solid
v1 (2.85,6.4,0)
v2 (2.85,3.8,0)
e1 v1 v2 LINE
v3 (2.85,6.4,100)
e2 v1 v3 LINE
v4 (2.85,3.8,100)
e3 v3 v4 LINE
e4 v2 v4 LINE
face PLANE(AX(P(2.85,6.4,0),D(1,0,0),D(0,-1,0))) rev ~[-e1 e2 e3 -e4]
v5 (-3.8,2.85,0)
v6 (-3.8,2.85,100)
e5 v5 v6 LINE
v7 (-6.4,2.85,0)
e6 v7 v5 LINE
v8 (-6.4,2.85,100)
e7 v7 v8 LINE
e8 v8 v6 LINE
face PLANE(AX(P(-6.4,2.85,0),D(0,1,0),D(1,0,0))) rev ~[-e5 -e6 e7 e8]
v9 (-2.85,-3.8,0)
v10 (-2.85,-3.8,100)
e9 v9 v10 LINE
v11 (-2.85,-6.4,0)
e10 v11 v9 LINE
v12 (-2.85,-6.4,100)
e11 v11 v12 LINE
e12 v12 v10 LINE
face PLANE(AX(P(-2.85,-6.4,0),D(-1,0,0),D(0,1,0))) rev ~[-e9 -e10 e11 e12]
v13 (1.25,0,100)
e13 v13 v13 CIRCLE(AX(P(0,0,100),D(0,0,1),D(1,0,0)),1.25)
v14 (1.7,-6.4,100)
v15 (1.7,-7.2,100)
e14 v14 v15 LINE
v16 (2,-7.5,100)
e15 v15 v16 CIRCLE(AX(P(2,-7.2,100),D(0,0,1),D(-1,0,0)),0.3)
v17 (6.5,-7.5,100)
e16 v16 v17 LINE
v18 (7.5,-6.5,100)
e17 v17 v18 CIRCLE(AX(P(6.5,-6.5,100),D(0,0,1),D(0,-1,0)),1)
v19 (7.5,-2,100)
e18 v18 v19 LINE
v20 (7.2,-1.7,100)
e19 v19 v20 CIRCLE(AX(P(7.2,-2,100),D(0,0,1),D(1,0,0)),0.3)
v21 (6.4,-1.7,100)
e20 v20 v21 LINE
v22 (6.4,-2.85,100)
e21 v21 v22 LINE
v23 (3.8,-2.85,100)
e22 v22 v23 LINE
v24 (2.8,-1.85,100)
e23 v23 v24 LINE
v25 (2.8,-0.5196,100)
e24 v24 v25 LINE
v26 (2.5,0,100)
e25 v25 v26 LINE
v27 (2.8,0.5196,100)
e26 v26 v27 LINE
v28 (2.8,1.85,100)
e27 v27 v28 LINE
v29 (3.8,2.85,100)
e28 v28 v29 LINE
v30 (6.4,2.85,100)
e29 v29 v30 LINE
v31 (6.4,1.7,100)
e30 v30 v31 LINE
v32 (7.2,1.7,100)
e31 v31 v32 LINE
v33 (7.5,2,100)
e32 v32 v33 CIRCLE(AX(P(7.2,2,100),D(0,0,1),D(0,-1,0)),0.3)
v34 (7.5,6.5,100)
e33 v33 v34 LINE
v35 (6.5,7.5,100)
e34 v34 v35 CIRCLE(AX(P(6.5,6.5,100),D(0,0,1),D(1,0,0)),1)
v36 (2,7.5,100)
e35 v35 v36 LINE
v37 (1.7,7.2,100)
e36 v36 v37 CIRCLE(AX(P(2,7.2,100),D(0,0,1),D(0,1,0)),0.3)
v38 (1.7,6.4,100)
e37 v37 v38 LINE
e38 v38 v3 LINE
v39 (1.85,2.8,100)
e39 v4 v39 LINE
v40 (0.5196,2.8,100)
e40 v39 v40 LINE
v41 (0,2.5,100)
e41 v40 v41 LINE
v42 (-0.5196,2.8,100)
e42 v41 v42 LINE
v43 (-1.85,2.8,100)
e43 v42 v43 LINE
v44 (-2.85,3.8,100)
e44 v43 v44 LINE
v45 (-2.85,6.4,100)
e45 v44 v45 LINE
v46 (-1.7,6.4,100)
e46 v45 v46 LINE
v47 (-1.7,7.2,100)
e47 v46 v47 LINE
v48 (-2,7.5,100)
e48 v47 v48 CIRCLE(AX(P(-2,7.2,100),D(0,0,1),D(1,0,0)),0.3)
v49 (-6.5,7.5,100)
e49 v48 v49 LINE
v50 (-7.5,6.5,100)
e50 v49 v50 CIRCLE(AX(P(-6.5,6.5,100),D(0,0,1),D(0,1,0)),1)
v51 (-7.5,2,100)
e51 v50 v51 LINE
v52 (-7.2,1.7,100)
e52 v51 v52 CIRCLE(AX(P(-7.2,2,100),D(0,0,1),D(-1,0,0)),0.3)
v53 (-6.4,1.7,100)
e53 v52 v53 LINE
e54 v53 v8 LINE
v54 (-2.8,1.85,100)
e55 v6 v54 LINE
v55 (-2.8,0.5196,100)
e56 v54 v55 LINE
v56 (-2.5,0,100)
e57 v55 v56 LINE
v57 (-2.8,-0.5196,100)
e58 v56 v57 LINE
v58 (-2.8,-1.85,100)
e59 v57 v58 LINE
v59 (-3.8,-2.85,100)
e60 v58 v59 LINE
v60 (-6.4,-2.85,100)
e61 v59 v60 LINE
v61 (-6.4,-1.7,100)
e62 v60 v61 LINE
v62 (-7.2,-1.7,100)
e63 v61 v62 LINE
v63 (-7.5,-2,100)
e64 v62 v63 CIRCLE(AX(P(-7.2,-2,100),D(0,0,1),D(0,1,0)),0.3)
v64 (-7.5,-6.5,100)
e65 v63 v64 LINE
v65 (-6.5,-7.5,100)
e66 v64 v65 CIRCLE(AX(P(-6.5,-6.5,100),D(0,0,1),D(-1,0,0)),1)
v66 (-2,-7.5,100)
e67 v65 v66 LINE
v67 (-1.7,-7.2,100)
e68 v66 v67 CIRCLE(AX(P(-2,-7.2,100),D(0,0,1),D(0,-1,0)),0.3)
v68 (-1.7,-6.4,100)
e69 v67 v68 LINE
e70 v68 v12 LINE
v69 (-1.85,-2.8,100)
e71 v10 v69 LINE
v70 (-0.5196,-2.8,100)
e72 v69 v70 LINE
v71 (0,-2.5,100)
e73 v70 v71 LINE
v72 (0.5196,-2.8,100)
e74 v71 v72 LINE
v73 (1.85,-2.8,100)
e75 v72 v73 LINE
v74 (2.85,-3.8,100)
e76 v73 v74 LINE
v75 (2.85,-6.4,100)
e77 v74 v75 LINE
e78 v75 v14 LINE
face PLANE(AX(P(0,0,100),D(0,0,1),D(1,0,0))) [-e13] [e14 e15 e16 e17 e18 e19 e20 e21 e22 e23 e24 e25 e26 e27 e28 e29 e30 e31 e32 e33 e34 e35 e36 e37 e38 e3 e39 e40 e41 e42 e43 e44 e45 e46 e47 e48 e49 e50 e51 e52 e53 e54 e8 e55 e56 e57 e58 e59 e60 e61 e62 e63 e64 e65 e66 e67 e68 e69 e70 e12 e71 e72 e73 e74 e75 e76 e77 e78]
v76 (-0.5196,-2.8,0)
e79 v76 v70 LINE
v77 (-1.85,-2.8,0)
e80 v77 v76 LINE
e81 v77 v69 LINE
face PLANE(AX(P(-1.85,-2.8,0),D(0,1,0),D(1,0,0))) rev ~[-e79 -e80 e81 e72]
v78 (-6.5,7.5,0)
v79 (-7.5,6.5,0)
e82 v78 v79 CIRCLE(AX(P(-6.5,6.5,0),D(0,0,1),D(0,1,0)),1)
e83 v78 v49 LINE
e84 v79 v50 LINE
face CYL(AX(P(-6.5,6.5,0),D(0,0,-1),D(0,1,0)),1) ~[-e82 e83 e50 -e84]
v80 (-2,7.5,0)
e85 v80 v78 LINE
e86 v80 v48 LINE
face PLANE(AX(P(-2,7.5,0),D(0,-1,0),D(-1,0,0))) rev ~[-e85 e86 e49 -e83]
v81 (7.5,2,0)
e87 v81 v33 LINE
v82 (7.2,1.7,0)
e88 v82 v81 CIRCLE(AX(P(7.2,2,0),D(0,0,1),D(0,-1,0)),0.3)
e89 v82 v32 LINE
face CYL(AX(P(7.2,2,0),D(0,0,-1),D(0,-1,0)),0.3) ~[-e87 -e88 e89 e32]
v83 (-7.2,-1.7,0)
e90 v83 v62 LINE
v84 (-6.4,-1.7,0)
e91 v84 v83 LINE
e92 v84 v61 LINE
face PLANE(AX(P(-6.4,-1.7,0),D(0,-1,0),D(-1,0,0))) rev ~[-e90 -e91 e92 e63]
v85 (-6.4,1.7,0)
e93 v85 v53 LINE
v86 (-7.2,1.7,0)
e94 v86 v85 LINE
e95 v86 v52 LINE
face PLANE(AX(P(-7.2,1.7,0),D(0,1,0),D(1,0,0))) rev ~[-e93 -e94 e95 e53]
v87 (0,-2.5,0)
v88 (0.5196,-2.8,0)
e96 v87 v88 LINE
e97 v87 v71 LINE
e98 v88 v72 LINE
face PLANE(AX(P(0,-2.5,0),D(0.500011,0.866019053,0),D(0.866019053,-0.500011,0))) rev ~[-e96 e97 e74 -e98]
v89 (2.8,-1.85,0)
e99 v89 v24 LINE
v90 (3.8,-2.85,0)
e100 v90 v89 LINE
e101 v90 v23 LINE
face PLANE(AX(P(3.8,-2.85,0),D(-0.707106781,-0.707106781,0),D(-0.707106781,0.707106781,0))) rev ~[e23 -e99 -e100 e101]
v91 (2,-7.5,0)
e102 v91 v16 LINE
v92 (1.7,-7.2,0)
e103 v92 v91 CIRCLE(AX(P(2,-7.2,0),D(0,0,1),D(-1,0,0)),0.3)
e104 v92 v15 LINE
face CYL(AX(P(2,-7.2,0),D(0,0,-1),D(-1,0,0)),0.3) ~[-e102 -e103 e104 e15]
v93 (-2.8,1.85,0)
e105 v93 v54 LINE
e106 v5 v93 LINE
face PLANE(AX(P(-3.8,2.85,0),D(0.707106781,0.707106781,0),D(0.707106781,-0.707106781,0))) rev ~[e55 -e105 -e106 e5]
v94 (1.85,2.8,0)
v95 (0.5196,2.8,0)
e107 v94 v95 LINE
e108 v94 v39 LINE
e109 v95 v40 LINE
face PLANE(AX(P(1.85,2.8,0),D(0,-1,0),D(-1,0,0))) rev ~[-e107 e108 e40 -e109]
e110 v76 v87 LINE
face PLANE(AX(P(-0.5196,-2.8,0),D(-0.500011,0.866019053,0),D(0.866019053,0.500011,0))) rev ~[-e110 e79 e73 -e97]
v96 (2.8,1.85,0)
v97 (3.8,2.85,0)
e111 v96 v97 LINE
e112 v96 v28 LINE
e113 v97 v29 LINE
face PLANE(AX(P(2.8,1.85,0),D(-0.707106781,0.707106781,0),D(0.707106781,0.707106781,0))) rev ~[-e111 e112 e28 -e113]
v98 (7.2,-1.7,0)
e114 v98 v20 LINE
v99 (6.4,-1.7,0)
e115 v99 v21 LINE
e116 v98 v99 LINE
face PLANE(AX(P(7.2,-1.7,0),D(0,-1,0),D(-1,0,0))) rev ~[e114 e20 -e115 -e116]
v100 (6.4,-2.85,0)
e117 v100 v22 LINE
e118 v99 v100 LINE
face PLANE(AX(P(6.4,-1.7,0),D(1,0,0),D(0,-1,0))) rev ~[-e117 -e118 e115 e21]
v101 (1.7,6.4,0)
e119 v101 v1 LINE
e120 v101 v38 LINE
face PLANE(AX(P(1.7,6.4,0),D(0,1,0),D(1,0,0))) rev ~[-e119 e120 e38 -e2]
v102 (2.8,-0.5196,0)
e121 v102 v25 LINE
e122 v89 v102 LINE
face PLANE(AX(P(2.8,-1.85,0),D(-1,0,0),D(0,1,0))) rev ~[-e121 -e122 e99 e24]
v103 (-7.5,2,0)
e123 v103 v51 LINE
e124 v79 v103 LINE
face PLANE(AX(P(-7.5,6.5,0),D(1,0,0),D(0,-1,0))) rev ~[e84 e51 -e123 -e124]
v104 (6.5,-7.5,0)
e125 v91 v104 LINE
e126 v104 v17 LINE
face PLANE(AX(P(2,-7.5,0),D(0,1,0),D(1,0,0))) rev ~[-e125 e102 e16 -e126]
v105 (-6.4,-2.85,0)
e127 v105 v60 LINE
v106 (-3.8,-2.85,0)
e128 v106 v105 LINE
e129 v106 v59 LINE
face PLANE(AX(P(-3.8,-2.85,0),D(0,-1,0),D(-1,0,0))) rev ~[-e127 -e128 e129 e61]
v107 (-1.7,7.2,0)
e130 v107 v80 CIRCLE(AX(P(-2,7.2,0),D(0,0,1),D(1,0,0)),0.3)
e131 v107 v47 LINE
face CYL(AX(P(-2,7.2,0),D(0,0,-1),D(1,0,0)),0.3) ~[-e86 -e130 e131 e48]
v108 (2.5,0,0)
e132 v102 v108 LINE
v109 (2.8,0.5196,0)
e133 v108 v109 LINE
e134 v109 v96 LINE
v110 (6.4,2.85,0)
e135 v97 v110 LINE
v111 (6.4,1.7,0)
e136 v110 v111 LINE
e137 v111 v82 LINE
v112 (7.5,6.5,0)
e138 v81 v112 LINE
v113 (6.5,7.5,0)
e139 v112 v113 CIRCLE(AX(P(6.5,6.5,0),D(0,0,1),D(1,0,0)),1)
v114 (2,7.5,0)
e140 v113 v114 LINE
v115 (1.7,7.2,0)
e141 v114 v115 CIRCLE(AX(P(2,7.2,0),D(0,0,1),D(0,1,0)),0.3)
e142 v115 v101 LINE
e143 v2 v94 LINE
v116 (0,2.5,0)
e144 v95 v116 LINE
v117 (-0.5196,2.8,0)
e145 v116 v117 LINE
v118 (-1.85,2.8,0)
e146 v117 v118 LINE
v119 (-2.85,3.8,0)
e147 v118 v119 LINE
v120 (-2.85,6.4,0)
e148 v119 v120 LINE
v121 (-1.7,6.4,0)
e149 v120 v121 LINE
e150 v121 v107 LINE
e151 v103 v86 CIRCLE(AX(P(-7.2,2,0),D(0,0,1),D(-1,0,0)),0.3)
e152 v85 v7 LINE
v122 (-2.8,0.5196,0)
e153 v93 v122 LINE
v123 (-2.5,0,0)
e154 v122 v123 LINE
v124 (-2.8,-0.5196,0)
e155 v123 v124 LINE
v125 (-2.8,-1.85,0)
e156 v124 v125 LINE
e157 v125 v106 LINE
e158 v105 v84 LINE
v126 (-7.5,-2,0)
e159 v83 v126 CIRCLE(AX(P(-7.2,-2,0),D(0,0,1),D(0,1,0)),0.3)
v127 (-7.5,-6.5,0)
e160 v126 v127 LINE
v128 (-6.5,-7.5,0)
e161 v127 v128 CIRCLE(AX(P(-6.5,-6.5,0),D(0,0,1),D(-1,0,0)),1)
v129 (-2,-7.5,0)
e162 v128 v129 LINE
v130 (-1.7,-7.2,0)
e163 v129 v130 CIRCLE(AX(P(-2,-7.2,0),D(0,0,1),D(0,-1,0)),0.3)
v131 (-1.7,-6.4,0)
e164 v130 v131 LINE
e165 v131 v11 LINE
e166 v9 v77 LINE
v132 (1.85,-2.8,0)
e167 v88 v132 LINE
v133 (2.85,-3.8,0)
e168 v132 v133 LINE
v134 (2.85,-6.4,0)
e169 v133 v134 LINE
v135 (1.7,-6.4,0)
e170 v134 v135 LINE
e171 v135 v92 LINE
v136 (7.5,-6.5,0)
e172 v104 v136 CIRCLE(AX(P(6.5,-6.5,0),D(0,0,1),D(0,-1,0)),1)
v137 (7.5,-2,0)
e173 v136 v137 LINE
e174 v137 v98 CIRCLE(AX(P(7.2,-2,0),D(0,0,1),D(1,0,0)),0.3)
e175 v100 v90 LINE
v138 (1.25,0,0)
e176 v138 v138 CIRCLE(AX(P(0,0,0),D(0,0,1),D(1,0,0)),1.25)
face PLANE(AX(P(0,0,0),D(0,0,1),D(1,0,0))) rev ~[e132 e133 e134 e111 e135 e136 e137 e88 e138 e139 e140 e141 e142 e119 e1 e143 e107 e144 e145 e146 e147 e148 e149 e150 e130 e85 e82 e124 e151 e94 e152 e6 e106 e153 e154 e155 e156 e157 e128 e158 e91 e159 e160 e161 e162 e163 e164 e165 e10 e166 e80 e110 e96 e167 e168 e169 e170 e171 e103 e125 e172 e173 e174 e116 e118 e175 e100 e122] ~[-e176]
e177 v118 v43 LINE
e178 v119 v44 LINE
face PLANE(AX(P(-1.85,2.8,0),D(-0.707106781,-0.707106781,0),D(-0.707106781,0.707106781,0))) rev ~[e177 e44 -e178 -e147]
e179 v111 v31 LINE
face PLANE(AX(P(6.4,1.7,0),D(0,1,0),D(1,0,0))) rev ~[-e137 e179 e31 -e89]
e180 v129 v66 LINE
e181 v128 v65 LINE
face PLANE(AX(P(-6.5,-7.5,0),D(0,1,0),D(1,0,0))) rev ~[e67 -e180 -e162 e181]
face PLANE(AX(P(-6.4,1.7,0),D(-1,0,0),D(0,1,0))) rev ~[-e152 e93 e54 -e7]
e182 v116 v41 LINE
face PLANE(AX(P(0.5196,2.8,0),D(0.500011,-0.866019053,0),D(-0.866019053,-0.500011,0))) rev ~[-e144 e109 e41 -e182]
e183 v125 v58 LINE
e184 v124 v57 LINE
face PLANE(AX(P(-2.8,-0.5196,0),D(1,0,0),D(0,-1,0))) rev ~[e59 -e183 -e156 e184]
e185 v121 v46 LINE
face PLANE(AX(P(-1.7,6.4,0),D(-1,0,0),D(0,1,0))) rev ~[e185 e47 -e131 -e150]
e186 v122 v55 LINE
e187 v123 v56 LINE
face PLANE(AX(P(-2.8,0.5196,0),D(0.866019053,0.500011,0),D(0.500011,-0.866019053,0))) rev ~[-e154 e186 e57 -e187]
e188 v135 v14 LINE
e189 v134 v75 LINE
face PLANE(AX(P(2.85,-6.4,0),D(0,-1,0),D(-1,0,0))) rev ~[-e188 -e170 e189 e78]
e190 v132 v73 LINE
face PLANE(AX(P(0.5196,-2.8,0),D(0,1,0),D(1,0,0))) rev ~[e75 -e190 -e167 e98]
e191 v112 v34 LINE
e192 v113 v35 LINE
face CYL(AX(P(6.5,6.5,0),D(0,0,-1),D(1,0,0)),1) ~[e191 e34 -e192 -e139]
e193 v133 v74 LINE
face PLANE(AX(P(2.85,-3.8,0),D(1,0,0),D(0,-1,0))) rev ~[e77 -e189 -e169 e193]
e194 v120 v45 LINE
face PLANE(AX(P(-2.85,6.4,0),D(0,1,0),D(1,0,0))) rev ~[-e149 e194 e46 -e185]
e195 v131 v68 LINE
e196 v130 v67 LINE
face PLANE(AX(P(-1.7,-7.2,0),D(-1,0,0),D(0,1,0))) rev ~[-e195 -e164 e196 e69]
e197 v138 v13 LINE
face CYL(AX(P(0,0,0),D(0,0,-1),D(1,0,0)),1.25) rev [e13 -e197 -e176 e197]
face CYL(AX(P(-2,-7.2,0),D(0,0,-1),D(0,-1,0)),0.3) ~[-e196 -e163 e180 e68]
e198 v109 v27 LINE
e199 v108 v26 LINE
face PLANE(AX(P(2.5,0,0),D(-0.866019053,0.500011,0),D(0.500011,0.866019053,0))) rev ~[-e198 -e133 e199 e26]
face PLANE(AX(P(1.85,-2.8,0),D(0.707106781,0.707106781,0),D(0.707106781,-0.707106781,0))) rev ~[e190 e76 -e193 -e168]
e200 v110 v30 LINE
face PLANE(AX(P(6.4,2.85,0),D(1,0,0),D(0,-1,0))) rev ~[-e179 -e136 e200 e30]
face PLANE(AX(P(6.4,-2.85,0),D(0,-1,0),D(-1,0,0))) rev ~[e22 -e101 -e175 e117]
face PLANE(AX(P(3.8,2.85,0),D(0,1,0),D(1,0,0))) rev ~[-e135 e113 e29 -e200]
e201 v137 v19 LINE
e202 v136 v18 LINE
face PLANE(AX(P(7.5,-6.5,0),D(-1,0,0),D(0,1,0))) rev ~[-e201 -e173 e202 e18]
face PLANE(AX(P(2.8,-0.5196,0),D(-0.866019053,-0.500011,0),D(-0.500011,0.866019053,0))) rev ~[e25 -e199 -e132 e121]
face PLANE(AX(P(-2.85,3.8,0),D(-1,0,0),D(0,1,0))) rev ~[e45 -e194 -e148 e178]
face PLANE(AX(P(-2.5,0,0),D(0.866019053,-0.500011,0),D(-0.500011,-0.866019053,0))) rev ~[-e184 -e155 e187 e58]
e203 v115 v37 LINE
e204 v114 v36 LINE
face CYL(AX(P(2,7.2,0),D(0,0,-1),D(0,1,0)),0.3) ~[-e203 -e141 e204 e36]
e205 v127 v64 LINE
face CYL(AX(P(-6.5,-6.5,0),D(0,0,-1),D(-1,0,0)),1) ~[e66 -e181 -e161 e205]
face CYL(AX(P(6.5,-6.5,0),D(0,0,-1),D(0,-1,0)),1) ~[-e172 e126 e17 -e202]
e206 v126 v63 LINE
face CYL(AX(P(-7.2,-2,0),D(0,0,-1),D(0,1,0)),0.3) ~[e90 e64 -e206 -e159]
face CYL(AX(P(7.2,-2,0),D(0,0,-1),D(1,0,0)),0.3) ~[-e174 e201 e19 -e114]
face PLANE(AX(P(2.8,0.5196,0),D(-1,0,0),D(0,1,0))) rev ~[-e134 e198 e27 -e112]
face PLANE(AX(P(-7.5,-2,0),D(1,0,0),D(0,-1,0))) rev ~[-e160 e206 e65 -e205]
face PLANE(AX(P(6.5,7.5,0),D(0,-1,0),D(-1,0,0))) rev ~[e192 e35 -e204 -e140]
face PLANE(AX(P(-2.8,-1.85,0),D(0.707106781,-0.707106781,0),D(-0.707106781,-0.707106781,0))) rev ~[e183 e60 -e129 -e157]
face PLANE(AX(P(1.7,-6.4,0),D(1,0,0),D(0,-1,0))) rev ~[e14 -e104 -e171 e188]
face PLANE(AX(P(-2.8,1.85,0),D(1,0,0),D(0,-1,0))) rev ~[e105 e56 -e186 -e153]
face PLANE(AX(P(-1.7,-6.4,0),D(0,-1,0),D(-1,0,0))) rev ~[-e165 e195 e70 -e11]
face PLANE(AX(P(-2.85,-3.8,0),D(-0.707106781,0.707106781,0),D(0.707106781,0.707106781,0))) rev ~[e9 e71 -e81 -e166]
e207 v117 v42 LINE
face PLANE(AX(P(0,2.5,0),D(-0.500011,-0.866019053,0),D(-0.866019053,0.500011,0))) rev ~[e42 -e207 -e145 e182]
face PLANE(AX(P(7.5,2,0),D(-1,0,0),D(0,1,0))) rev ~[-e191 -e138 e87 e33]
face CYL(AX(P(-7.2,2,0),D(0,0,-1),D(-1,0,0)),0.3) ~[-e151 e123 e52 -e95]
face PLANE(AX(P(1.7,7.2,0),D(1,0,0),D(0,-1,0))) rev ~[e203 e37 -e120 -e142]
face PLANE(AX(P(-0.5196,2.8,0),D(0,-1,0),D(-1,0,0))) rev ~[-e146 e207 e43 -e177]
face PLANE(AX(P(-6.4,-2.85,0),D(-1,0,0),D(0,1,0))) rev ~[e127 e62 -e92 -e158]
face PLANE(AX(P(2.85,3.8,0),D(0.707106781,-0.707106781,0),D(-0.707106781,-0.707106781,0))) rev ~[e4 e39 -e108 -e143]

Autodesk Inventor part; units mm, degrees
ref_plane "YZ Plane" through (0, 0, 0) normal (1, 0, 0) x (0, 1, 0)
ref_plane "XZ Plane" through (0, 0, 0) normal (0, 1, 0) x (-1, 0, 0)
ref_plane "XY Plane" through (0, 0, 0) normal (0, 0, 1) x (1, 0, 0)
sketch "Sketch_1" plane through (0, 0, 0) normal (0, 0, 1) x (1, 0, 0)
  arc A0 (-7.5, 2) -> (-7.2, 1.7) centre (-7.2, 2) ccw
  line L0 (-7.2, 1.7) -> (-6.4, 1.7)
  line L1 (-6.4, 1.7) -> (-6.4, 2.85)
  line L2 (-6.4, 2.85) -> (-3.8, 2.85)
  line L3 (-3.8, 2.85) -> (-2.8, 1.85)
  line L4 (-2.8, 1.85) -> (-2.8, 0.5196)
  line L5 (-2.8, 0.5196) -> (-2.5, 0)
  line L6 (-2.5, 0) -> (-2.8, -0.5196)
  line L7 (-2.8, -0.5196) -> (-2.8, -1.85)
  line L8 (-2.8, -1.85) -> (-3.8, -2.85)
  line L9 (-3.8, -2.85) -> (-6.4, -2.85)
  line L10 (-6.4, -2.85) -> (-6.4, -1.7)
  line L11 (-6.4, -1.7) -> (-7.2, -1.7)
  arc A1 (-7.2, -1.7) -> (-7.5, -2) centre (-7.2, -2) ccw
  line L12 (-7.5, -2) -> (-7.5, -6.5)
  arc A2 (-7.5, -6.5) -> (-6.5, -7.5) centre (-6.5, -6.5) ccw
  line L13 (-6.5, -7.5) -> (-2, -7.5)
  arc A3 (-2, -7.5) -> (-1.7, -7.2) centre (-2, -7.2) ccw
  line L14 (-1.7, -7.2) -> (-1.7, -6.4)
  line L15 (-1.7, -6.4) -> (-2.85, -6.4)
  line L16 (-2.85, -6.4) -> (-2.85, -3.8)
  line L17 (-2.85, -3.8) -> (-1.85, -2.8)
  line L18 (-1.85, -2.8) -> (-0.5196, -2.8)
  line L19 (-0.5196, -2.8) -> (0, -2.5)
  line L20 (0, -2.5) -> (0.5196, -2.8)
  line L21 (0.5196, -2.8) -> (1.85, -2.8)
  line L22 (1.85, -2.8) -> (2.85, -3.8)
  line L23 (2.85, -3.8) -> (2.85, -6.4)
  line L24 (2.85, -6.4) -> (1.7, -6.4)
  line L25 (1.7, -6.4) -> (1.7, -7.2)
  arc A4 (1.7, -7.2) -> (2, -7.5) centre (2, -7.2) ccw
  line L26 (2, -7.5) -> (6.5, -7.5)
  arc A5 (6.5, -7.5) -> (7.5, -6.5) centre (6.5, -6.5) ccw
  line L27 (7.5, -6.5) -> (7.5, -2)
  arc A6 (7.5, -2) -> (7.2, -1.7) centre (7.2, -2) ccw
  line L28 (7.2, -1.7) -> (6.4, -1.7)
  line L29 (6.4, -1.7) -> (6.4, -2.85)
  line L30 (6.4, -2.85) -> (3.8, -2.85)
  line L31 (3.8, -2.85) -> (2.8, -1.85)
  line L32 (2.8, -1.85) -> (2.8, -0.5196)
  line L33 (2.8, -0.5196) -> (2.5, 0)
  line L34 (2.5, 0) -> (2.8, 0.5196)
  line L35 (2.8, 0.5196) -> (2.8, 1.85)
  line L36 (2.8, 1.85) -> (3.8, 2.85)
  line L37 (3.8, 2.85) -> (6.4, 2.85)
  line L38 (6.4, 2.85) -> (6.4, 1.7)
  line L39 (6.4, 1.7) -> (7.2, 1.7)
  arc A7 (7.2, 1.7) -> (7.5, 2) centre (7.2, 2) ccw
  line L40 (7.5, 2) -> (7.5, 6.5)
  arc A8 (7.5, 6.5) -> (6.5, 7.5) centre (6.5, 6.5) ccw
  line L41 (6.5, 7.5) -> (2, 7.5)
  arc A9 (2, 7.5) -> (1.7, 7.2) centre (2, 7.2) ccw
  line L42 (1.7, 7.2) -> (1.7, 6.4)
  line L43 (1.7, 6.4) -> (2.85, 6.4)
  line L44 (2.85, 6.4) -> (2.85, 3.8)
  line L45 (2.85, 3.8) -> (1.85, 2.8)
  line L46 (1.85, 2.8) -> (0.5196, 2.8)
  line L47 (0.5196, 2.8) -> (0, 2.5)
  line L48 (0, 2.5) -> (-0.5196, 2.8)
  line L49 (-0.5196, 2.8) -> (-1.85, 2.8)
  line L50 (-1.85, 2.8) -> (-2.85, 3.8)
  line L51 (-2.85, 3.8) -> (-2.85, 6.4)
  line L52 (-2.85, 6.4) -> (-1.7, 6.4)
  line L53 (-1.7, 6.4) -> (-1.7, 7.2)
  arc A10 (-1.7, 7.2) -> (-2, 7.5) centre (-2, 7.2) ccw
  line L54 (-2, 7.5) -> (-6.5, 7.5)
  arc A11 (-6.5, 7.5) -> (-7.5, 6.5) centre (-6.5, 6.5) ccw
  line L55 (-7.5, 6.5) -> (-7.5, 2)
  circle A12 centre (0, 0) radius 1.25
extrude "Extrusion1" add sketch "Sketch_1" along normal blind 100
equation "\"d0\" = L"
equation "\"L\" = 100"
properties part number "HFS3-1515-100"
